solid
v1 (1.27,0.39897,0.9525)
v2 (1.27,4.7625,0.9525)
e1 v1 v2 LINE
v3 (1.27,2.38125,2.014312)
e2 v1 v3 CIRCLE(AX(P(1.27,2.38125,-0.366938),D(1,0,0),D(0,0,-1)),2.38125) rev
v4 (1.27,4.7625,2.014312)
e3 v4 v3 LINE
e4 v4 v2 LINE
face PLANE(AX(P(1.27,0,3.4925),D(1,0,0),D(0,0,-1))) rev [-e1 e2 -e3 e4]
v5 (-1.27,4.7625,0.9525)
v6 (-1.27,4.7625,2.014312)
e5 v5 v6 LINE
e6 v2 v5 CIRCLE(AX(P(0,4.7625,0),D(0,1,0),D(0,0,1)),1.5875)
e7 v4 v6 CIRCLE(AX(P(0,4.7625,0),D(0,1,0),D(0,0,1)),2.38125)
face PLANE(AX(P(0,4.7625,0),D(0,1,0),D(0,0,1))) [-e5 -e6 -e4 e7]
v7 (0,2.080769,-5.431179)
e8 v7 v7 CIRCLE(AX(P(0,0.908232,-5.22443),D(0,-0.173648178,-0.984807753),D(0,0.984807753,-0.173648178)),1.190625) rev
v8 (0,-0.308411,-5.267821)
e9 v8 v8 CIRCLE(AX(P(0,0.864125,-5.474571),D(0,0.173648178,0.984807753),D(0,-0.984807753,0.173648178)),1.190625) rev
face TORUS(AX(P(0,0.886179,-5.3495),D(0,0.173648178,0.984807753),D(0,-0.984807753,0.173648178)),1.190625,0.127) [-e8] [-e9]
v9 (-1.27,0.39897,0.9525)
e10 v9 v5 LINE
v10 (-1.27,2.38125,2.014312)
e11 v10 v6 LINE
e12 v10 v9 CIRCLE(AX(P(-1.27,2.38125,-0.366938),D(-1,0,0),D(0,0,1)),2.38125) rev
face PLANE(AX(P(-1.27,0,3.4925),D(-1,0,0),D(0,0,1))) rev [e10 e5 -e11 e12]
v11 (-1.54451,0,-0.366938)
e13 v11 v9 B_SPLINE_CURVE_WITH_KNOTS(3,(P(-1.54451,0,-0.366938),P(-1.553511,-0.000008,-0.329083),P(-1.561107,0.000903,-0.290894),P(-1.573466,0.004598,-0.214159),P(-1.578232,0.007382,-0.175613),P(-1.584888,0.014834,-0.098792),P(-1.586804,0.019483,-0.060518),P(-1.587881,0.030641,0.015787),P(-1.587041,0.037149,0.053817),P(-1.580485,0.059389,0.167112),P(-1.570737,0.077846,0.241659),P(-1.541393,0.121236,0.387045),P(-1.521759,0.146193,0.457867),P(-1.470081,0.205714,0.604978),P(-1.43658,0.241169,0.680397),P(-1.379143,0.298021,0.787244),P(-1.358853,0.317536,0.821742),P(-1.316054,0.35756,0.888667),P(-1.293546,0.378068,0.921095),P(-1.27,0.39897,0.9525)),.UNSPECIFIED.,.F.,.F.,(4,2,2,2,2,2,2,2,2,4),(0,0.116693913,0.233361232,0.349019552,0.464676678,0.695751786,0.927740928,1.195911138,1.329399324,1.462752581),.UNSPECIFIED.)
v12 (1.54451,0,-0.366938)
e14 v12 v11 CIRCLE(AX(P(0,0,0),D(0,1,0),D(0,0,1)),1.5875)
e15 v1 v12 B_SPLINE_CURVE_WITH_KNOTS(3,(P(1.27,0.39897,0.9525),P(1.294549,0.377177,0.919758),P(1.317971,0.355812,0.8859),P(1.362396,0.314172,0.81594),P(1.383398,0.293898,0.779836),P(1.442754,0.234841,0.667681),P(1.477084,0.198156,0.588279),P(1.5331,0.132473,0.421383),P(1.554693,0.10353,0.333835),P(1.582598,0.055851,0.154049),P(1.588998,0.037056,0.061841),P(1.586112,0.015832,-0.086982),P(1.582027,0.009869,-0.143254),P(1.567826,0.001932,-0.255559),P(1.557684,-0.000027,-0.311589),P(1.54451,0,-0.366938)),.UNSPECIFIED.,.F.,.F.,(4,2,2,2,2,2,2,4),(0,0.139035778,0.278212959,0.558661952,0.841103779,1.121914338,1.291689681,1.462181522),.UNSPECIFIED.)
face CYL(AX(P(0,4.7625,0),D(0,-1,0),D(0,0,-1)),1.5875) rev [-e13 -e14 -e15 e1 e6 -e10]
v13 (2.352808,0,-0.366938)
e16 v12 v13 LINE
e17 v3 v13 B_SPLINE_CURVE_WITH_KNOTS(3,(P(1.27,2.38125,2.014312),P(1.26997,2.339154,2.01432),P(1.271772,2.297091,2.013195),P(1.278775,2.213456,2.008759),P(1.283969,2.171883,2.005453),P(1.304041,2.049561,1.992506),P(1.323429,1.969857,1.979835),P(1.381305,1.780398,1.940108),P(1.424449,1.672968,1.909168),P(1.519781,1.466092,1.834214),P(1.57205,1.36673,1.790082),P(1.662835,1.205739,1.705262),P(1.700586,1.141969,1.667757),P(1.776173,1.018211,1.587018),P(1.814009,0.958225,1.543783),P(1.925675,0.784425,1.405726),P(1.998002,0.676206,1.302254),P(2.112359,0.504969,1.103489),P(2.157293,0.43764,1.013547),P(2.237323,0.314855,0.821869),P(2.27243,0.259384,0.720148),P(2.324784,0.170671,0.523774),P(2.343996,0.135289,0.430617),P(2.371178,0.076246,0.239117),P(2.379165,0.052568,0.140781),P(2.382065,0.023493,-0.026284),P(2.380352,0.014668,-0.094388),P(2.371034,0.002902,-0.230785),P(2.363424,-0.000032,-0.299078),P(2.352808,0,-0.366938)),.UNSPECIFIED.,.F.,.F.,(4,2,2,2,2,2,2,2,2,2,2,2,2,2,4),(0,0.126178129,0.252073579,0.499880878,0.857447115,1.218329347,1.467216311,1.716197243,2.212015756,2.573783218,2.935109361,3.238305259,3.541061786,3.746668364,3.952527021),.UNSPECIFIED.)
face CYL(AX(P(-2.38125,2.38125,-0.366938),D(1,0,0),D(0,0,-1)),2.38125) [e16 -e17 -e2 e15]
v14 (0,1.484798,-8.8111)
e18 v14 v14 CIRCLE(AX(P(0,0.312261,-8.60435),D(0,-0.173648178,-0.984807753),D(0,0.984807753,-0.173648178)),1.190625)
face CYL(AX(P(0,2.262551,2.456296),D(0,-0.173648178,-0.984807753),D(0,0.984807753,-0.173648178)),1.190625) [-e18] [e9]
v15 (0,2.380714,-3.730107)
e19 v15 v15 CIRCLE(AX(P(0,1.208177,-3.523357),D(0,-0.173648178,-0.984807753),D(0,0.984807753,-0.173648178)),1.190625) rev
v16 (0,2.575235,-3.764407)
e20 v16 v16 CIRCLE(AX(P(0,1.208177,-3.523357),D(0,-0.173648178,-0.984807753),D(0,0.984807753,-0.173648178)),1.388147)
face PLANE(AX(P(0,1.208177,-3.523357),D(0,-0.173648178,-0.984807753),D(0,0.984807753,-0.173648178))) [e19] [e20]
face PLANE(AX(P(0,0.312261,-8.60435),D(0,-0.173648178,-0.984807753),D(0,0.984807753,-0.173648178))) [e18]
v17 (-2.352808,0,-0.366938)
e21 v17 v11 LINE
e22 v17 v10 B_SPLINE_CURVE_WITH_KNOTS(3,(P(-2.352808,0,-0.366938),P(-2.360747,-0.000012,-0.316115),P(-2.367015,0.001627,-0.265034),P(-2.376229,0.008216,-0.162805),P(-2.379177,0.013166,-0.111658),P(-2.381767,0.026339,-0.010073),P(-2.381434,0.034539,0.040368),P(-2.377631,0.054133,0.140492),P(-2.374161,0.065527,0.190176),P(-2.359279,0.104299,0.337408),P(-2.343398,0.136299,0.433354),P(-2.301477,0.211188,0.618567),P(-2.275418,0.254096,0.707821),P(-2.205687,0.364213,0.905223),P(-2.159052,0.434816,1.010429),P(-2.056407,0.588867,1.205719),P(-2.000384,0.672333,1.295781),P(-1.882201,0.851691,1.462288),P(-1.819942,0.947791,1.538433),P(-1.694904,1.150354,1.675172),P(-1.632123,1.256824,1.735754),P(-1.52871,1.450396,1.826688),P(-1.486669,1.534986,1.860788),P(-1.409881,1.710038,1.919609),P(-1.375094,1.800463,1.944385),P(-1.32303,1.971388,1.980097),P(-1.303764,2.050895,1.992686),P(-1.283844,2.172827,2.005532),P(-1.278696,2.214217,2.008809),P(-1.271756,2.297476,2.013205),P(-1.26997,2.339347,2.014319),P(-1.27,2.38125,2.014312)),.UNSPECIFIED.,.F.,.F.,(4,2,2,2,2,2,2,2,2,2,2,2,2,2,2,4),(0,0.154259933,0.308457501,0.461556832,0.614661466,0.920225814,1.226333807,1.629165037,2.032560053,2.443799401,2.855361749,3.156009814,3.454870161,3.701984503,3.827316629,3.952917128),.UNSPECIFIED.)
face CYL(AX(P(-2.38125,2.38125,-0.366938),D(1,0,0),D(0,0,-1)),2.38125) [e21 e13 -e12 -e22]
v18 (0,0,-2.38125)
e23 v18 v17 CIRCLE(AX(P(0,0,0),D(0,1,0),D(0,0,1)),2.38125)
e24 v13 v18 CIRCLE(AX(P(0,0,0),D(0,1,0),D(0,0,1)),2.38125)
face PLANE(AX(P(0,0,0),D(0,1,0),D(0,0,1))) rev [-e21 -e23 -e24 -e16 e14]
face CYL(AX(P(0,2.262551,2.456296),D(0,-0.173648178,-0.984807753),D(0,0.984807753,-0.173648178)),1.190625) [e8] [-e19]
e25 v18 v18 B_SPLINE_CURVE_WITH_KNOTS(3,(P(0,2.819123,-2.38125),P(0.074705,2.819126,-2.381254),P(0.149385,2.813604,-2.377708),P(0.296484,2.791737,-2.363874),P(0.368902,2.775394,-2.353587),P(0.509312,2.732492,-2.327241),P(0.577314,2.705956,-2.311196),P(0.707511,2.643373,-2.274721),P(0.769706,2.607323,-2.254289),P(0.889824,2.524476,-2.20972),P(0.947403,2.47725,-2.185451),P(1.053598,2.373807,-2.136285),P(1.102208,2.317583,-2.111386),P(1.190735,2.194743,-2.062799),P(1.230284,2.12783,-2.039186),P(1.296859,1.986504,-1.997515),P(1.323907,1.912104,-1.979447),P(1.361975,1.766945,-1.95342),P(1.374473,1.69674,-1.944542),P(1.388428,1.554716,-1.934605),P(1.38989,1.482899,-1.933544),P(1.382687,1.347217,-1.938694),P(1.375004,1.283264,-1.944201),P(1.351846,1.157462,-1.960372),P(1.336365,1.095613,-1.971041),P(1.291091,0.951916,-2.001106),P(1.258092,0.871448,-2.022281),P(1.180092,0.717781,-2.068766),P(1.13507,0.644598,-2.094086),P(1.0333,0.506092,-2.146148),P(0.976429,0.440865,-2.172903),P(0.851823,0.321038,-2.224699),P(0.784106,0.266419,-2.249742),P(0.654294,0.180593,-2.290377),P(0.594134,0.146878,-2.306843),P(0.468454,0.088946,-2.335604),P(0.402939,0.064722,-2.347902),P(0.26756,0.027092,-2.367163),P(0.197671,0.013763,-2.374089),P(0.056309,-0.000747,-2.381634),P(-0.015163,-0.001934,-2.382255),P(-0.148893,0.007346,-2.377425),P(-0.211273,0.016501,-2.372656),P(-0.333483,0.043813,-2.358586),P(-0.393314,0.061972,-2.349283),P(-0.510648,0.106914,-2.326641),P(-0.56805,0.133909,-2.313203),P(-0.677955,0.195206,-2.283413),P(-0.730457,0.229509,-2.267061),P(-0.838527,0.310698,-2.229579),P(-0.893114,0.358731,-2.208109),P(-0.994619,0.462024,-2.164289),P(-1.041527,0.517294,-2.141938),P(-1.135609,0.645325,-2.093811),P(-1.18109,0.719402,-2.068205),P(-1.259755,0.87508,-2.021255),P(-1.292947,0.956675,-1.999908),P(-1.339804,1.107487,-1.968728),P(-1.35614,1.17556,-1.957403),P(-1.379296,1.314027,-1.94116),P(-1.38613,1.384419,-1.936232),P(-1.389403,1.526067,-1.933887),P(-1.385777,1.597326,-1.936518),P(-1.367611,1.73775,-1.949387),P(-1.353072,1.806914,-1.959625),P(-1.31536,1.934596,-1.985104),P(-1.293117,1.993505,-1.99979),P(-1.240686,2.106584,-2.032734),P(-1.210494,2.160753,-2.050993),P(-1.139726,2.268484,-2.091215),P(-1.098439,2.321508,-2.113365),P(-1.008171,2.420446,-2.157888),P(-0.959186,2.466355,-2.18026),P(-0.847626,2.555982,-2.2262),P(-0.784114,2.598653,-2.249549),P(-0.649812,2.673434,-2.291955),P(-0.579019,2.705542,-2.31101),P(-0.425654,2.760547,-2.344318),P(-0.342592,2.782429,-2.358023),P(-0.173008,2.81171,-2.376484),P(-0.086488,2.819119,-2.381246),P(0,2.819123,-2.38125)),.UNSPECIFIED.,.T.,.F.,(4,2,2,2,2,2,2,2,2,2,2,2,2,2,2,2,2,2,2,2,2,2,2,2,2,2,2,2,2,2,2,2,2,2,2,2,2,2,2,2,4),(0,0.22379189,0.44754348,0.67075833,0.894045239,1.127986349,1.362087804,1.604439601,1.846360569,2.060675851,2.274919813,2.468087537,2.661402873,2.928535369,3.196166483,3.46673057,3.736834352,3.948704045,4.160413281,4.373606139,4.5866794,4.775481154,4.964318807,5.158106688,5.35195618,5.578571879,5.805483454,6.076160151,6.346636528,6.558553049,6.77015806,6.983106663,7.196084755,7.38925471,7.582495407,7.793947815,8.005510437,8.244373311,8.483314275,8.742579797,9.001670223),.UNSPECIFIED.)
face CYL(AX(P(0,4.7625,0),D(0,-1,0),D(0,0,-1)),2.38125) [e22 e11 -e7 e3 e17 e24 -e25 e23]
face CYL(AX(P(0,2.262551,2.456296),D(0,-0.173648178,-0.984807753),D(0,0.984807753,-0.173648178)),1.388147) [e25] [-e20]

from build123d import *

# Parameters (mm, degrees)
SKETCH2_R                = 2.38125
SKETCH2_R_2              = 1.5875000000000001
BOSS_EXTRUDE1_DEPTH      = 4.7625
SKETCH3_W                = 2.54
SKETCH3_H                = 2.54
CUT_EXTRUDE1_DEPTH       = 6.832847450002443
CUT_EXTRUDE2_DEPTH       = 7.456267061932925
CUT_EXTRUDE2_DEPTH_BACK  = 7.456267061932925
BOSS_EXTRUDE2_REACH      = 13.721
BOSS_EXTRUDE2_END_RADIUS = 2.38125
SKETCH6_R                = 1.1906250000000003
BOSS_EXTRUDE3_REACH      = 19.432
BOSS_EXTRUDE3_END_RADIUS = 2.38125
BOSS_EXTRUDE3_START      = -5.159375
SKETCH7_R                = 1.3881469237206399
SKETCH8_R                = 0.1270000000001564


with BuildPart() as part:
    # Sketch2 → Boss-Extrude1 (new body)
    with BuildSketch(Plane(origin=(0, 0, 0), x_dir=(1, 0, 0), z_dir=(0, 1, 0))):
        with Locations(Location((0, 0, 0), (0, 0, 90))):
            Circle(SKETCH2_R)
        with Locations(Location((0, 0, 0), (0, 0, 90))):
            Circle(SKETCH2_R_2, mode=Mode.SUBTRACT)
    extrude(amount=BOSS_EXTRUDE1_DEPTH)

    # Sketch3 → Cut-Extrude1 (cut, through all)
    with BuildSketch(Plane(origin=(0, 4.7625, 0), x_dir=(1, 0, 0), z_dir=(0, 1, 0))):
        with Locations((0, -2.2225)):
            Rectangle(SKETCH3_W, SKETCH3_H)
    extrude(amount=-CUT_EXTRUDE1_DEPTH, mode=Mode.SUBTRACT)

    # Sketch4 → Cut-Extrude2 (cut, two sides: drawn at the far end of the back side and taken through both)
    with BuildSketch(Plane(origin=(-1.27, 0, 0), x_dir=(0, 0, -1), z_dir=(1, 0, 0)).offset(-CUT_EXTRUDE2_DEPTH_BACK)):
        with BuildLine():
            Line((0.3669383154536387, 0), (-2.014311684546361, 0))
            Line((-2.014311684546361, 0), (-2.0143116845463607, 2.38125))
            ThreePointArc((-2.0143116845463607, 2.38125), (-1.3168597072468262, 0.6974519772995338), (0.3669383154536387, 0))
        make_face()
    extrude(amount=CUT_EXTRUDE2_DEPTH + CUT_EXTRUDE2_DEPTH_BACK, mode=Mode.SUBTRACT)

    # Boss-Extrude2: up to this cylinder (the profile starts outside it)
    boss_extrude2_end = Plane(origin=(0, 0.31226100000000034, 0), z_dir=(0, -1, 0)) * Cylinder(BOSS_EXTRUDE2_END_RADIUS, 33.2045, mode=Mode.PRIVATE)
    # Sketch6 → Boss-Extrude2 (add, up to the surface)
    with BuildSketch(Plane(origin=(0, 0.48483407181496907, -8.634779231627519), x_dir=(-1, 0, 0), z_dir=(0, -0.17364817766693408, -0.9848077530122075)), mode=Mode.PRIVATE) as boss_extrude2_sk1:
        with Locations(Location((4.3e-16, -0.17523538418624157, 0), (0, 0, 90))):
            Circle(SKETCH6_R)
    boss_extrude2_tool1 = extrude(boss_extrude2_sk1.sketch, amount=-BOSS_EXTRUDE2_REACH, mode=Mode.PRIVATE) - boss_extrude2_end
    add(boss_extrude2_tool1.solids().sort_by_distance((0, 0.312261, -8.60435))[0])

    # Boss-Extrude3: up to this cylinder (the profile starts outside it)
    boss_extrude3_end = Plane(origin=(0, 1.208177, 0), z_dir=(0, -1, 0)) * Cylinder(BOSS_EXTRUDE3_END_RADIUS, 44.6265, mode=Mode.PRIVATE)
    # Sketch7 → Boss-Extrude3 (add, up to the surface)
    with BuildSketch(Plane(origin=(0, -1.4620146790809783, -8.291497269485987), x_dir=(-1, 0, 0), z_dir=(0, -0.1736481776669341, -0.9848077530122075)).offset(BOSS_EXTRUDE3_START), mode=Mode.PRIVATE) as boss_extrude3_sk1:
        with Locations(Location((4.3e-16, 1.8016466467900256, 0), (0, 0, 90))):
            Circle(SKETCH7_R)
    boss_extrude3_tool1 = extrude(boss_extrude3_sk1.sketch, amount=-BOSS_EXTRUDE3_REACH, mode=Mode.PRIVATE) - boss_extrude3_end
    add(boss_extrude3_tool1.solids().sort_by_distance((0, 1.208177, -3.523357))[0])

    # Sketch8 → Revolve1 (revolve)
    with BuildSketch(Plane(origin=(0, 0, 0), x_dir=(0, 0, -1), z_dir=(1, 0, 0))):
        with Locations((5.55625, 2.0587154735803463)):
            Circle(SKETCH8_R)
    revolve(axis=Axis((-4.3e-16, 2.2625512819876596, 2.4562964209001934), (0, -0.17364817766693408, -0.9848077530122075)))


solid = part.part
